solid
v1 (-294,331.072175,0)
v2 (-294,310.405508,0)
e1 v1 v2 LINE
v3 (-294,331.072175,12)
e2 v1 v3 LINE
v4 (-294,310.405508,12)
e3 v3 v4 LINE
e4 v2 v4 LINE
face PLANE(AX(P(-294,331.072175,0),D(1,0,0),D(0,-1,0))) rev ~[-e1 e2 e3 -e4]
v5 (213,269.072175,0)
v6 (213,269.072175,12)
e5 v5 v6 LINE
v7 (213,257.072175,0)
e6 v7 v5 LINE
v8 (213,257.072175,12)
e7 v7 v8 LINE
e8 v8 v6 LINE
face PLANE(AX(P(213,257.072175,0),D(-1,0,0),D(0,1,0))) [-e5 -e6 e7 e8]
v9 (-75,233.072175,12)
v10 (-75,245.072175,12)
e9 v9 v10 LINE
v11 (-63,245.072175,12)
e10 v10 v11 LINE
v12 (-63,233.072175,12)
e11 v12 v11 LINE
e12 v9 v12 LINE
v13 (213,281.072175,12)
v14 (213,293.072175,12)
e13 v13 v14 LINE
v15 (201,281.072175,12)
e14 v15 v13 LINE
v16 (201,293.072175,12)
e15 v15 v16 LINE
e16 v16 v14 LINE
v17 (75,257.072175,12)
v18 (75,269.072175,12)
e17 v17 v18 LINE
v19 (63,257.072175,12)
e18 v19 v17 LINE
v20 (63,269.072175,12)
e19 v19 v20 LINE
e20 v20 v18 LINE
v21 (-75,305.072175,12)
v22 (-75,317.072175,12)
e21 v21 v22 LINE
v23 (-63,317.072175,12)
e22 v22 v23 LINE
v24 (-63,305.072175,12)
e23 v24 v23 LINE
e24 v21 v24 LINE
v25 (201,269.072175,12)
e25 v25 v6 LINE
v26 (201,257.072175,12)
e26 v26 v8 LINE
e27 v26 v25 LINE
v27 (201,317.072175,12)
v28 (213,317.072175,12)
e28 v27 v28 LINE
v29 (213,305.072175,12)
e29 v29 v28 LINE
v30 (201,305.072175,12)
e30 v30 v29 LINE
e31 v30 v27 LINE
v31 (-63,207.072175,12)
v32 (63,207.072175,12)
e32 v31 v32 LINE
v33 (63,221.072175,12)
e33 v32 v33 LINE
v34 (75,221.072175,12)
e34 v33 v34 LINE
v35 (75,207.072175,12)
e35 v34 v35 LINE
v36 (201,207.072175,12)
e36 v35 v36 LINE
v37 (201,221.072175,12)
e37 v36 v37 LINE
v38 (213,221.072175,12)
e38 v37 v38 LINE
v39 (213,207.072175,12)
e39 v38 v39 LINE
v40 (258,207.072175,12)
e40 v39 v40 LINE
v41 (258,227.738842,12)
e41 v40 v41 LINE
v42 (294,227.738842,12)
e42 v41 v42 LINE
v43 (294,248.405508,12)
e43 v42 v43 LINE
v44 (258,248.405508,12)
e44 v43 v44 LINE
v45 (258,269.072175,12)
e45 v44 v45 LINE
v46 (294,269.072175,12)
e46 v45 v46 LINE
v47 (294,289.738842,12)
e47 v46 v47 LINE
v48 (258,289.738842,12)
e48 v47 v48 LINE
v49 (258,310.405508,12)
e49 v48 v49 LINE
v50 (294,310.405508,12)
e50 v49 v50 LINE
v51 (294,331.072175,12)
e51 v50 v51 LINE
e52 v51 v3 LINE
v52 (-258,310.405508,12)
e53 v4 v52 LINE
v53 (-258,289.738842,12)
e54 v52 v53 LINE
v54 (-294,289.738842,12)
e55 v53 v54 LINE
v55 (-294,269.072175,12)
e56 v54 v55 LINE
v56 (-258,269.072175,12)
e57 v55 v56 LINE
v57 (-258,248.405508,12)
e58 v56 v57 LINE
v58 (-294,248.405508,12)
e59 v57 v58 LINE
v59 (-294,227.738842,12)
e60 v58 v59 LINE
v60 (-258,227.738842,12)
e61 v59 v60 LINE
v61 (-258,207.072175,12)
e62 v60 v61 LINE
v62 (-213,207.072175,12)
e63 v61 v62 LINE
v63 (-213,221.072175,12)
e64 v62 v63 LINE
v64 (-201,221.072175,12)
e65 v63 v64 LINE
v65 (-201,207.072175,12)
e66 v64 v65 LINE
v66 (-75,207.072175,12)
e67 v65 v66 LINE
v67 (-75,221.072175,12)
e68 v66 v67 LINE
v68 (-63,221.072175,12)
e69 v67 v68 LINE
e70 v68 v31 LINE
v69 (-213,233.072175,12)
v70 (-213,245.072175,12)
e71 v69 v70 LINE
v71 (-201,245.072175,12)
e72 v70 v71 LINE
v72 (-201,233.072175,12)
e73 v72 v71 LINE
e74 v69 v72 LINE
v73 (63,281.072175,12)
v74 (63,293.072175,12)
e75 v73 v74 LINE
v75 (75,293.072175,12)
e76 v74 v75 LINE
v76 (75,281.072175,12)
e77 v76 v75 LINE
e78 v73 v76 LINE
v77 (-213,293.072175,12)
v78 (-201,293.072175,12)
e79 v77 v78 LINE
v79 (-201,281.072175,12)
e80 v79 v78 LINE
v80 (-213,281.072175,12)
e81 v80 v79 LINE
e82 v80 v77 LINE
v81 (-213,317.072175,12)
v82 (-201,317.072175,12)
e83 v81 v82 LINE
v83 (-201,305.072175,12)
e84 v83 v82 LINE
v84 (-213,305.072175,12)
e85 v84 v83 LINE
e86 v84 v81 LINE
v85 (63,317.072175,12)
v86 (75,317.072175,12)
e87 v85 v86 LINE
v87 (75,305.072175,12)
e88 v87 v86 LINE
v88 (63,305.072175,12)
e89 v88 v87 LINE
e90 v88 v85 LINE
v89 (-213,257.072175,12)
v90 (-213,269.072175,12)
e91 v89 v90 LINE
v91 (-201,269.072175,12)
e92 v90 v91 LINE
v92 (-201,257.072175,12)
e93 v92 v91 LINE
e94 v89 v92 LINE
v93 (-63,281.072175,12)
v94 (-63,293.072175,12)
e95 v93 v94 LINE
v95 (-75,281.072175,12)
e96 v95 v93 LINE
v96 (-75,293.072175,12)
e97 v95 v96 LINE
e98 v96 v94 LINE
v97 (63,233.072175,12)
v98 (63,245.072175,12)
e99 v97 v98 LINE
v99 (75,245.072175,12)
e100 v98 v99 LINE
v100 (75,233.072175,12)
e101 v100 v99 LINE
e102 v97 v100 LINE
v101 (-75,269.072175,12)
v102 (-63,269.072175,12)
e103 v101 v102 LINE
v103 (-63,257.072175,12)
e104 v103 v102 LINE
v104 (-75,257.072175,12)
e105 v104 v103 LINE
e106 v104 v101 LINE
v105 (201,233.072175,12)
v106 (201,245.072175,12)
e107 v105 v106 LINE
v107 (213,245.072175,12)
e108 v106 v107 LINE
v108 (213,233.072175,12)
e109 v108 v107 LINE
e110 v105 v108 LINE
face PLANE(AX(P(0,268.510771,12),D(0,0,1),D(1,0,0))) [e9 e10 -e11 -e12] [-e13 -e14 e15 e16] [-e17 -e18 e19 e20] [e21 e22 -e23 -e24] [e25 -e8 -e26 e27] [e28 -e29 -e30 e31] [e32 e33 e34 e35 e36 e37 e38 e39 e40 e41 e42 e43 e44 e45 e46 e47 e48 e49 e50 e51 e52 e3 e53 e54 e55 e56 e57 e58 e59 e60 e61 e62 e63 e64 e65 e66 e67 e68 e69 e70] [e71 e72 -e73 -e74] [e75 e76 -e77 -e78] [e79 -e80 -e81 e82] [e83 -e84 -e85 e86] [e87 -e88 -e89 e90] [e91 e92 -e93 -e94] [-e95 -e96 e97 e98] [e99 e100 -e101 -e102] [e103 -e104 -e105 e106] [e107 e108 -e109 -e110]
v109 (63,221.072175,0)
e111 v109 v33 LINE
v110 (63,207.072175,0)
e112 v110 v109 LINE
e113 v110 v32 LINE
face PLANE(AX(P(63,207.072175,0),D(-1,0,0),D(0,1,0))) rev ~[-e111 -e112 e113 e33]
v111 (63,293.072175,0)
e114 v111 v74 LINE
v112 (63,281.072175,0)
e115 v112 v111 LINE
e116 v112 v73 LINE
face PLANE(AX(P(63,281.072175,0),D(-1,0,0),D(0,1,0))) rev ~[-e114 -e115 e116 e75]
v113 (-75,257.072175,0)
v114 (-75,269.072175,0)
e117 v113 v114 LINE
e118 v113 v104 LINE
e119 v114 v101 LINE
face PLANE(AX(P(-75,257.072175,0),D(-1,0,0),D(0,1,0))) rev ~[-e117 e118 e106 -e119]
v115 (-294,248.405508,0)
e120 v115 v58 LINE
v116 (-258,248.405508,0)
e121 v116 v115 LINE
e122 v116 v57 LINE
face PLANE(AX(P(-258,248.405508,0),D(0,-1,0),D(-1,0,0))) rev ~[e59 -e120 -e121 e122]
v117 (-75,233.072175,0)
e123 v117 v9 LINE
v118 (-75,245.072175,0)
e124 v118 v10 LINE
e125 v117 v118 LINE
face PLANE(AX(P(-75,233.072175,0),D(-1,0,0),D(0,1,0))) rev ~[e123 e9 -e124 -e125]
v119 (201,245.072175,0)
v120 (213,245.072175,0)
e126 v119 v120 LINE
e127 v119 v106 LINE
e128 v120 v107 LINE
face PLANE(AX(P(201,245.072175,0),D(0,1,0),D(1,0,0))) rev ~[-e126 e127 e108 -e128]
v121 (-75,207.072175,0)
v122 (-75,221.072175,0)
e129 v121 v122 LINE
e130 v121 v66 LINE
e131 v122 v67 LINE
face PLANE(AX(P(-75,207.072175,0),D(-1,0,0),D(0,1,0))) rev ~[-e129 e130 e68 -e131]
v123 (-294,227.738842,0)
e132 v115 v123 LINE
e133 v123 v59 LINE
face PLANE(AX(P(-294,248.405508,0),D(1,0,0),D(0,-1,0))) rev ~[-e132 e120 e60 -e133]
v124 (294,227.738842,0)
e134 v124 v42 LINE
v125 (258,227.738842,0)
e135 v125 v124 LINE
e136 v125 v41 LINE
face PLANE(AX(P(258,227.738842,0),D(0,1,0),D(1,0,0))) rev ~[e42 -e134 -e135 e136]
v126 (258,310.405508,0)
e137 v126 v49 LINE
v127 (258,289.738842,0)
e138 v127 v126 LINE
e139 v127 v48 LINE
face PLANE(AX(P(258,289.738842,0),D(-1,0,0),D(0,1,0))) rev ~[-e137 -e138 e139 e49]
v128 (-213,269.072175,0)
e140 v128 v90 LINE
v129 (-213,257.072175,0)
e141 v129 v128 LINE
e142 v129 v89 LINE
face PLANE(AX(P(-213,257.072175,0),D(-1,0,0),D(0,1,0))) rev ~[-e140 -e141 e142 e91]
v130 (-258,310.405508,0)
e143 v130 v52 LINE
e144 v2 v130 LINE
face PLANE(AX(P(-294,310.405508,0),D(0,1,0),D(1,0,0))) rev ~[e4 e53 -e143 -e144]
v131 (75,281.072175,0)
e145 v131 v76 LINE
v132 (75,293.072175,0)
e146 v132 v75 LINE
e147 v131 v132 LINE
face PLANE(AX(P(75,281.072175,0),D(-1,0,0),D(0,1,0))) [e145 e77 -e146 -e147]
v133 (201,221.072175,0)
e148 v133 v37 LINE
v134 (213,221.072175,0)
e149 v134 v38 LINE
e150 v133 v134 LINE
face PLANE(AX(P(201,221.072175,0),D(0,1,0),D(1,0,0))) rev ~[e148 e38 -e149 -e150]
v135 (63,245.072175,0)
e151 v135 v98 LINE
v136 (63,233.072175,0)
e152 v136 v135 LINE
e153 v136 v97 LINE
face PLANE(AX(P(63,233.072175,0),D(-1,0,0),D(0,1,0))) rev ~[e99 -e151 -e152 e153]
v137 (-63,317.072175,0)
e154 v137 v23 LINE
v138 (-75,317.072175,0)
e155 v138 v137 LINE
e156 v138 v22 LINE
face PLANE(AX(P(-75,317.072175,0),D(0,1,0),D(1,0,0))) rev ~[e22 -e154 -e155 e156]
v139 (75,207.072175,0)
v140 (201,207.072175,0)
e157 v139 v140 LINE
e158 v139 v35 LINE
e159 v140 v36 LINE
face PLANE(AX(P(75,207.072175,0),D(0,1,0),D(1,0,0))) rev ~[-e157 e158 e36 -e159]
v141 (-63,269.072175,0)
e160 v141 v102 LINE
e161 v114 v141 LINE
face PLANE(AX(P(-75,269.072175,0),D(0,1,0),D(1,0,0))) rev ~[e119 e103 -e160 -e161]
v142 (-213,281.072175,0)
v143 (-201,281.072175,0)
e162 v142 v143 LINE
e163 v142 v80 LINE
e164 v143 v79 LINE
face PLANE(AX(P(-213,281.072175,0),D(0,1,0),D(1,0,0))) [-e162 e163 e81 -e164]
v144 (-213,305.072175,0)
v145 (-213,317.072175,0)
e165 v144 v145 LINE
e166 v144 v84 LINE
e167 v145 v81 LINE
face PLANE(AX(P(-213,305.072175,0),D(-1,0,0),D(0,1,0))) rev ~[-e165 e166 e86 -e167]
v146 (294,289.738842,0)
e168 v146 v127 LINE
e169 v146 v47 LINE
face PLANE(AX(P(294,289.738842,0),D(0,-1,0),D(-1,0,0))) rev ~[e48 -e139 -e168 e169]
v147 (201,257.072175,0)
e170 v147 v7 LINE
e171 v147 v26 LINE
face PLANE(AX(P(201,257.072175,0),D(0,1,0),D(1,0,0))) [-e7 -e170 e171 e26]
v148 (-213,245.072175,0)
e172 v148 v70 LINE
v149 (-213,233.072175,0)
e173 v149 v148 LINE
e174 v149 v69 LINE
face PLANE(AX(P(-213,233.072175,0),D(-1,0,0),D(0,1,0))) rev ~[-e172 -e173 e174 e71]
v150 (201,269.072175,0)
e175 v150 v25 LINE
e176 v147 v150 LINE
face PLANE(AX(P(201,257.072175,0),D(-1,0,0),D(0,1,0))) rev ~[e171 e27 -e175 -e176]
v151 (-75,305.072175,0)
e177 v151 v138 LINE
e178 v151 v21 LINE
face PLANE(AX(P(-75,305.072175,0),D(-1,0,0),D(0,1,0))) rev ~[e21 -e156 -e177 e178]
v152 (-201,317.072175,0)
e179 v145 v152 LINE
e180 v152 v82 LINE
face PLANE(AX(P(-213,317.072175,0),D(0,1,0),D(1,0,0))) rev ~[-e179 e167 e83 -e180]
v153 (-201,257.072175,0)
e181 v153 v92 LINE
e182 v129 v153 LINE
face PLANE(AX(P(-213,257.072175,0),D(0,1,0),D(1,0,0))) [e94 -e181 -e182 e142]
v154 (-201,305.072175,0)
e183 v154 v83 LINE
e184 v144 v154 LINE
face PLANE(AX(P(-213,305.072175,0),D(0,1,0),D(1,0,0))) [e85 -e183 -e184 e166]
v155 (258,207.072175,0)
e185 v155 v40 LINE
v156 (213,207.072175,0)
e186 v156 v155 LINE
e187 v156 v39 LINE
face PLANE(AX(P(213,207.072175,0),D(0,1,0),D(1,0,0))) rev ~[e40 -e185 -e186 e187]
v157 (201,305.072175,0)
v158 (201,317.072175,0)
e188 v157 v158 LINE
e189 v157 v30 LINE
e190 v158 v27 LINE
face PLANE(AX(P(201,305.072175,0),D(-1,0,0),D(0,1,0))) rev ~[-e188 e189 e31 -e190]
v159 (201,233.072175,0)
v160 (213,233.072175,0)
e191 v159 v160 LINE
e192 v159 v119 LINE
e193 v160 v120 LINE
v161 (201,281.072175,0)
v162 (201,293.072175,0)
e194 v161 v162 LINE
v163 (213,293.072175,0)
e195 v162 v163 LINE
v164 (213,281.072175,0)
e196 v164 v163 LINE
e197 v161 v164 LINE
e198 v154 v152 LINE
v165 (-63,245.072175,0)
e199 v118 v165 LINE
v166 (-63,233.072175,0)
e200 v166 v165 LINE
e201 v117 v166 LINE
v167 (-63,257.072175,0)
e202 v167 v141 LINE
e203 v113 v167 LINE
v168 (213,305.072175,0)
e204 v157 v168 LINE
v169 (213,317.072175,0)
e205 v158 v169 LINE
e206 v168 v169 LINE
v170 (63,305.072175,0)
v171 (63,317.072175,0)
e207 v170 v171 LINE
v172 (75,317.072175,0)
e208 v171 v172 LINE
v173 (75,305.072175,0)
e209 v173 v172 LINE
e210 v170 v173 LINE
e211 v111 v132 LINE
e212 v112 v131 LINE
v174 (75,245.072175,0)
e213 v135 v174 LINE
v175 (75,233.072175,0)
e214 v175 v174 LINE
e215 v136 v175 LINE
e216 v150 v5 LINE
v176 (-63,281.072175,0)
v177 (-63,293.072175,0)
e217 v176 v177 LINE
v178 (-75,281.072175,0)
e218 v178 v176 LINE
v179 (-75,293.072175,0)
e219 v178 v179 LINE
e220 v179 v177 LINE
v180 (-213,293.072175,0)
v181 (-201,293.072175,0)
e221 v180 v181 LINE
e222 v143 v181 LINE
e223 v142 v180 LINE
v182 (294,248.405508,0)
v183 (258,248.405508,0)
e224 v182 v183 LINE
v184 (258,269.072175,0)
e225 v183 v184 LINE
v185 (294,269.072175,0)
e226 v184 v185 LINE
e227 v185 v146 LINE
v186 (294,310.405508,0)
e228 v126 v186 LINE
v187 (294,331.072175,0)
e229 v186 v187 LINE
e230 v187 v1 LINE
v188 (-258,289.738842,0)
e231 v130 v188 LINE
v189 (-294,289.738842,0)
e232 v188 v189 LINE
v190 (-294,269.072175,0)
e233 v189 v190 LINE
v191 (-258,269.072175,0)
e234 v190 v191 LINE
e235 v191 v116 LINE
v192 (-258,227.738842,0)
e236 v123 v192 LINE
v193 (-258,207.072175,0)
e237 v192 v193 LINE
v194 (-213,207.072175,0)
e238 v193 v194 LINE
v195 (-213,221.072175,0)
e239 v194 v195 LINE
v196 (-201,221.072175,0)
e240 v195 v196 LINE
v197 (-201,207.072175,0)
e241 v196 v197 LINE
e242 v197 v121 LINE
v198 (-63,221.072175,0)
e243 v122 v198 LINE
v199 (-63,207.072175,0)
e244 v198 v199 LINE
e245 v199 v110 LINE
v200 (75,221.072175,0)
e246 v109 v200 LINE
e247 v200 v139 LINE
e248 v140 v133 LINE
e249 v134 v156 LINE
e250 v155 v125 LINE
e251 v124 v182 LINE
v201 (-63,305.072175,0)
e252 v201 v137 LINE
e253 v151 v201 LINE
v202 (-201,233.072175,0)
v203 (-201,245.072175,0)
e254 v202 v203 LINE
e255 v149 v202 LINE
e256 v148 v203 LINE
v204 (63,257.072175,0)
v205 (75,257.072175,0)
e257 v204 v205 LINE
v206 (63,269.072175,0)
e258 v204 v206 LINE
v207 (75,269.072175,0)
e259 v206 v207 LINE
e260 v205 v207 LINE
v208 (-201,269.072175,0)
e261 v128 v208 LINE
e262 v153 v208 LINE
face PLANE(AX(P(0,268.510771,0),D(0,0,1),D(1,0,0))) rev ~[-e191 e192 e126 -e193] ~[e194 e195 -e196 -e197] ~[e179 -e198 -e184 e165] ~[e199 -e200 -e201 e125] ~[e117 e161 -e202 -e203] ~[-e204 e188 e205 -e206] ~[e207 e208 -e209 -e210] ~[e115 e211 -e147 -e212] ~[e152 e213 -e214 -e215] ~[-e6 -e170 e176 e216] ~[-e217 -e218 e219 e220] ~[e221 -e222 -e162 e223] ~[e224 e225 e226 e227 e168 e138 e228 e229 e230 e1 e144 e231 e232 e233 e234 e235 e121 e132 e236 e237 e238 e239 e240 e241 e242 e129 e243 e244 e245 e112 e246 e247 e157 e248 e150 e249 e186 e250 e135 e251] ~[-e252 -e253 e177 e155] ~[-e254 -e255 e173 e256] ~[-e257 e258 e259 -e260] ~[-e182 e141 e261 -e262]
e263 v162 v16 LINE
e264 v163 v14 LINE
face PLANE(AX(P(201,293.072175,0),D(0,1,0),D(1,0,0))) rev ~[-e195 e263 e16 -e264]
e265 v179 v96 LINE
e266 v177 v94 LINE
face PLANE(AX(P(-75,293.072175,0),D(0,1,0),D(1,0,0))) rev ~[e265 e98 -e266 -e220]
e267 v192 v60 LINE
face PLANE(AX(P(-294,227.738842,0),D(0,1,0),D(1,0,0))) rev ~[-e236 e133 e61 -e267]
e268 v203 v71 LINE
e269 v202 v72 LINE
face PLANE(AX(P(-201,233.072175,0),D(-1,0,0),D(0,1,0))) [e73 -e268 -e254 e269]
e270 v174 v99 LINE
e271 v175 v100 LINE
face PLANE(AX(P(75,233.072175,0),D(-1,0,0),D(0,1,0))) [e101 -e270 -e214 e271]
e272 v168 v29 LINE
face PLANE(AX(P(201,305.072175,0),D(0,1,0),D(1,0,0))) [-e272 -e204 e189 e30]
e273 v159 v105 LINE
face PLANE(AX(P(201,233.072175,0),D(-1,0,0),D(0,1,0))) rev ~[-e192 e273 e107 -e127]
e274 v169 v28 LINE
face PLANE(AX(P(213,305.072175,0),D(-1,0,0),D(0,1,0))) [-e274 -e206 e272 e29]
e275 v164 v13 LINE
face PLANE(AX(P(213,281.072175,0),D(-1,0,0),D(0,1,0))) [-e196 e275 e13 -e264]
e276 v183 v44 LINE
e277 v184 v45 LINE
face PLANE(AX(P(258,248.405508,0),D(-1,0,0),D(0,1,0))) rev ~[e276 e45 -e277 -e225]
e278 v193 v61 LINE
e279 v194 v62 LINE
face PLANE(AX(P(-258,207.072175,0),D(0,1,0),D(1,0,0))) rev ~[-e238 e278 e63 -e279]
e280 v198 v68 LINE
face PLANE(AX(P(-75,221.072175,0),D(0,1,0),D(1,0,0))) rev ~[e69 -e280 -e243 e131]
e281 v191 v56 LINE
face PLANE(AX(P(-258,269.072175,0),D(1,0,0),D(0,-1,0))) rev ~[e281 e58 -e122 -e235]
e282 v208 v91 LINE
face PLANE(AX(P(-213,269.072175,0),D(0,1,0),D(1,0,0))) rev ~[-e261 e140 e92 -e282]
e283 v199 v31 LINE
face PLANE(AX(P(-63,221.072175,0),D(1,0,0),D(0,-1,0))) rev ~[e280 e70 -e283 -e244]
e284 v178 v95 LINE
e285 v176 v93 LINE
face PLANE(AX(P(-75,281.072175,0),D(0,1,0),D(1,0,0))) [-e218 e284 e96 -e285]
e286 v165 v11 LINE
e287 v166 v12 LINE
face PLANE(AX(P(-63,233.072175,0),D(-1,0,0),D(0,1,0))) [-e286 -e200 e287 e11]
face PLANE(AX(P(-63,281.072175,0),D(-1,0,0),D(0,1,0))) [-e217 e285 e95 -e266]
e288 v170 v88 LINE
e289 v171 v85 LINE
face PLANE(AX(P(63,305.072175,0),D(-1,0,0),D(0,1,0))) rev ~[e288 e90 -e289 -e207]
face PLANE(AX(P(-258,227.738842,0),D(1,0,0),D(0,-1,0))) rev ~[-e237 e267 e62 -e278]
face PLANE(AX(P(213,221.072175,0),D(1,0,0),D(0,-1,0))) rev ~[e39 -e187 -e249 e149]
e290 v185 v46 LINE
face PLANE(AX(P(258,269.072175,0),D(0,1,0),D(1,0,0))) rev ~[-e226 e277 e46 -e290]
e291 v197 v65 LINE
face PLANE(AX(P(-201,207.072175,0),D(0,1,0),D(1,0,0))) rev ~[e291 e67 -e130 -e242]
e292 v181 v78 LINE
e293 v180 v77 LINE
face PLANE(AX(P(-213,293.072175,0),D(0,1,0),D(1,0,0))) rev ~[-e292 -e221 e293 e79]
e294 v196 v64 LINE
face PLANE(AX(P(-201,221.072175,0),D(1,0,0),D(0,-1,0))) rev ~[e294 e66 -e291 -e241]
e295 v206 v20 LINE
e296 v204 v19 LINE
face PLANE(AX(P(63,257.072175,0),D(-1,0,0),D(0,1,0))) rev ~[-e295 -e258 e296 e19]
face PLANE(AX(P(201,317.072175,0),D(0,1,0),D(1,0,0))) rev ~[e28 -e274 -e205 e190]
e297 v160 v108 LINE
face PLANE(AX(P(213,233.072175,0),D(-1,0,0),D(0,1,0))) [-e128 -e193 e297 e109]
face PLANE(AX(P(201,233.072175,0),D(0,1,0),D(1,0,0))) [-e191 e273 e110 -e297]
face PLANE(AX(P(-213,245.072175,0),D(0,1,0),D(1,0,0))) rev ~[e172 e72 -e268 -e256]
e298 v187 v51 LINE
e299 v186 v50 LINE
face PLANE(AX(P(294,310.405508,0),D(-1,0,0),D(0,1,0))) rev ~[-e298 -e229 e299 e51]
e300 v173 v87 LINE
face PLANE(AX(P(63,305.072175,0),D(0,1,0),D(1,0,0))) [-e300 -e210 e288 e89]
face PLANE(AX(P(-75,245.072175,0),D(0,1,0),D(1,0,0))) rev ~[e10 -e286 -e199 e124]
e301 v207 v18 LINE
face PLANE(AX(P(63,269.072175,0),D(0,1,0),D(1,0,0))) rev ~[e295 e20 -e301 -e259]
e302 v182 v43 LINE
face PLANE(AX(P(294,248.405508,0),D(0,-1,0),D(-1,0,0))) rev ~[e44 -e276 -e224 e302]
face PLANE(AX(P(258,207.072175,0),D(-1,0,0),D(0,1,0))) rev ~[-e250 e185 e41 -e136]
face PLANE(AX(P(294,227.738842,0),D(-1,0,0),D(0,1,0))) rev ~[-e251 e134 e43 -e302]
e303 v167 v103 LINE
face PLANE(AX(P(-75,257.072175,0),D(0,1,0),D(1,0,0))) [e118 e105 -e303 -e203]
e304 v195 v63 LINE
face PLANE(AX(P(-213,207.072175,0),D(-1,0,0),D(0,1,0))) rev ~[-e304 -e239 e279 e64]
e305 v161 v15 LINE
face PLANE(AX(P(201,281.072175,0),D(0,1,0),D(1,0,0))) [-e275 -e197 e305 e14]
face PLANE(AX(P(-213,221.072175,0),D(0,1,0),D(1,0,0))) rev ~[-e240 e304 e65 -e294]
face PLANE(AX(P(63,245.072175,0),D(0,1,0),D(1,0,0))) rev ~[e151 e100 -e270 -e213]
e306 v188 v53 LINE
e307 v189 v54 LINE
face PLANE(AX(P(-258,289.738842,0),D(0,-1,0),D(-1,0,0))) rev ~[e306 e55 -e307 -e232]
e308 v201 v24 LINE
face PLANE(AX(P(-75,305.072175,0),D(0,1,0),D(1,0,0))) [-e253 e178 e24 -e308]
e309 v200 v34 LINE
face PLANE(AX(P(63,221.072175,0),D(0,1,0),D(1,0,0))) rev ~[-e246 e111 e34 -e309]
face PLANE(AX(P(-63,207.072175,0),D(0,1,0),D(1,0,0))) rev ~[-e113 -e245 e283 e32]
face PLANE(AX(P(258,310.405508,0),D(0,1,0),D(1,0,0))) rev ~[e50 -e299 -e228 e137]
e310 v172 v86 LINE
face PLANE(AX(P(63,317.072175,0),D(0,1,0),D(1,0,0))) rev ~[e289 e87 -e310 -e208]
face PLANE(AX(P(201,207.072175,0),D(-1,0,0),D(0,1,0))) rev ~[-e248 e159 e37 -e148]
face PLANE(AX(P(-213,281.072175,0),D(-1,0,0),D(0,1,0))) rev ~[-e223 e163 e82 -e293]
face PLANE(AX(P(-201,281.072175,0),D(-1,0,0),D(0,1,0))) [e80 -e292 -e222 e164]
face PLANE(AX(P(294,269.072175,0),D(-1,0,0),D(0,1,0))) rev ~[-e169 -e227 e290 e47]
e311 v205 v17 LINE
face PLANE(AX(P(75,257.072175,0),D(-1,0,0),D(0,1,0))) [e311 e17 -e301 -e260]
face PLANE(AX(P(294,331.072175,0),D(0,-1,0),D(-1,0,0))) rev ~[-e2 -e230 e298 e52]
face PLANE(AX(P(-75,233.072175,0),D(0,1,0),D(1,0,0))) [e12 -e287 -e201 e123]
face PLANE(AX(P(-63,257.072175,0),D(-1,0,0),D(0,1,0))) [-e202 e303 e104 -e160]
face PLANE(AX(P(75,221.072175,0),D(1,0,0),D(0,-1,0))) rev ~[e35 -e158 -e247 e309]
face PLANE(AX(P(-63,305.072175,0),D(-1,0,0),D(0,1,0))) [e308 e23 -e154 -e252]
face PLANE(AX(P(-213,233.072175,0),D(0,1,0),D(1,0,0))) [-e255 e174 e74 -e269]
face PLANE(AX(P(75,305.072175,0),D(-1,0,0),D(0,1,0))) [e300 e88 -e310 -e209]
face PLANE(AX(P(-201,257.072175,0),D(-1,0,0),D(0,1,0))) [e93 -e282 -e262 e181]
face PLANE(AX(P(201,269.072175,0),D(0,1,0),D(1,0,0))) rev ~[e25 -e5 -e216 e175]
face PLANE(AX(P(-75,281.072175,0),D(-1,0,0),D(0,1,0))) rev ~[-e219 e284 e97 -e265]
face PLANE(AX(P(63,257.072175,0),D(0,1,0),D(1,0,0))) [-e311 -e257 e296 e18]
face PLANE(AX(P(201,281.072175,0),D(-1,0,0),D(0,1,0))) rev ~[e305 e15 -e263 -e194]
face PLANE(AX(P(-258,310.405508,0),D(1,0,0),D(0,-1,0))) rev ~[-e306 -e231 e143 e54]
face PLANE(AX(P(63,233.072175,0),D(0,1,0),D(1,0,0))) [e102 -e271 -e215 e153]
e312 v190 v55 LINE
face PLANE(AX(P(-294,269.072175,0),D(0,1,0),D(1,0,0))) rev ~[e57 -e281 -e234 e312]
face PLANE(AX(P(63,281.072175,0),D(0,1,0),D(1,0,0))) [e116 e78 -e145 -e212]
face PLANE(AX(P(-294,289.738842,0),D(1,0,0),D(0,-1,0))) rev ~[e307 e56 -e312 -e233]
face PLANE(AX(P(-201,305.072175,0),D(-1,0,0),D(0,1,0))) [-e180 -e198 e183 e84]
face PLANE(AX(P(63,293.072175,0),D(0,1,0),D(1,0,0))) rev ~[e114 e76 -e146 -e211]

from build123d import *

# Parameters (mm, degrees)
F0_W     = 12
F0_H     = 12
F1_DEPTH = 12


with BuildPart() as f1:
    # F0 (on Top) → F1 (new body)
    with BuildSketch(Plane.XY):
        Polygon((294, 289.738842), (258, 289.738842), (258, 310.405508), (294, 310.405508), (294, 331.072175), (0, 331.072175), (-294, 331.072175), (-294, 310.405508), (-258, 310.405508), (-258, 289.738842), (-294, 289.738842), (-294, 269.072175), (-258, 269.072175), (-258, 248.405508), (-294, 248.405508), (-294, 227.738842), (-258, 227.738842), (-258, 207.072175), (-213, 207.072175), (-213, 221.072175), (-201, 221.072175), (-201, 207.072175), (-75, 207.072175), (-75, 221.072175), (-63, 221.072175), (-63, 207.072175), (0, 207.072175), (63, 207.072175), (63, 221.072175), (75, 221.072175), (75, 207.072175), (201, 207.072175), (201, 221.072175), (213, 221.072175), (213, 207.072175), (258, 207.072175), (258, 227.738842), (294, 227.738842), (294, 248.405508), (258, 248.405508), (258, 269.072175), (294, 269.072175), align=None)
        with Locations((-207, 239.072175)):
            Rectangle(F0_W, F0_H, mode=Mode.SUBTRACT)
        with Locations((-207, 263.072175)):
            Rectangle(F0_W, F0_H, mode=Mode.SUBTRACT)
        with Locations((-69, 239.072175)):
            Rectangle(F0_W, F0_H, mode=Mode.SUBTRACT)
        with Locations((-69, 263.072175)):
            Rectangle(F0_W, F0_H, mode=Mode.SUBTRACT)
        with Locations((69, 239.072175)):
            Rectangle(F0_W, F0_H, mode=Mode.SUBTRACT)
        with Locations((69, 263.072175)):
            Rectangle(F0_W, F0_H, mode=Mode.SUBTRACT)
        with Locations((207, 239.072175)):
            Rectangle(F0_W, F0_H, mode=Mode.SUBTRACT)
        with Locations((207, 263.072175)):
            Rectangle(F0_W, F0_H, mode=Mode.SUBTRACT)
        with Locations((-207, 287.072175)):
            Rectangle(F0_W, F0_H, mode=Mode.SUBTRACT)
        with Locations((-69, 287.072175)):
            Rectangle(F0_W, F0_H, mode=Mode.SUBTRACT)
        with Locations((-207, 311.072175)):
            Rectangle(F0_W, F0_H, mode=Mode.SUBTRACT)
        with Locations((-69, 311.072175)):
            Rectangle(F0_W, F0_H, mode=Mode.SUBTRACT)
        with Locations((69, 287.072175)):
            Rectangle(F0_W, F0_H, mode=Mode.SUBTRACT)
        with Locations((207, 287.072175)):
            Rectangle(F0_W, F0_H, mode=Mode.SUBTRACT)
        with Locations((69, 311.072175)):
            Rectangle(F0_W, F0_H, mode=Mode.SUBTRACT)
        with Locations((207, 311.072175)):
            Rectangle(F0_W, F0_H, mode=Mode.SUBTRACT)
    extrude(amount=F1_DEPTH)


solid = f1.part
